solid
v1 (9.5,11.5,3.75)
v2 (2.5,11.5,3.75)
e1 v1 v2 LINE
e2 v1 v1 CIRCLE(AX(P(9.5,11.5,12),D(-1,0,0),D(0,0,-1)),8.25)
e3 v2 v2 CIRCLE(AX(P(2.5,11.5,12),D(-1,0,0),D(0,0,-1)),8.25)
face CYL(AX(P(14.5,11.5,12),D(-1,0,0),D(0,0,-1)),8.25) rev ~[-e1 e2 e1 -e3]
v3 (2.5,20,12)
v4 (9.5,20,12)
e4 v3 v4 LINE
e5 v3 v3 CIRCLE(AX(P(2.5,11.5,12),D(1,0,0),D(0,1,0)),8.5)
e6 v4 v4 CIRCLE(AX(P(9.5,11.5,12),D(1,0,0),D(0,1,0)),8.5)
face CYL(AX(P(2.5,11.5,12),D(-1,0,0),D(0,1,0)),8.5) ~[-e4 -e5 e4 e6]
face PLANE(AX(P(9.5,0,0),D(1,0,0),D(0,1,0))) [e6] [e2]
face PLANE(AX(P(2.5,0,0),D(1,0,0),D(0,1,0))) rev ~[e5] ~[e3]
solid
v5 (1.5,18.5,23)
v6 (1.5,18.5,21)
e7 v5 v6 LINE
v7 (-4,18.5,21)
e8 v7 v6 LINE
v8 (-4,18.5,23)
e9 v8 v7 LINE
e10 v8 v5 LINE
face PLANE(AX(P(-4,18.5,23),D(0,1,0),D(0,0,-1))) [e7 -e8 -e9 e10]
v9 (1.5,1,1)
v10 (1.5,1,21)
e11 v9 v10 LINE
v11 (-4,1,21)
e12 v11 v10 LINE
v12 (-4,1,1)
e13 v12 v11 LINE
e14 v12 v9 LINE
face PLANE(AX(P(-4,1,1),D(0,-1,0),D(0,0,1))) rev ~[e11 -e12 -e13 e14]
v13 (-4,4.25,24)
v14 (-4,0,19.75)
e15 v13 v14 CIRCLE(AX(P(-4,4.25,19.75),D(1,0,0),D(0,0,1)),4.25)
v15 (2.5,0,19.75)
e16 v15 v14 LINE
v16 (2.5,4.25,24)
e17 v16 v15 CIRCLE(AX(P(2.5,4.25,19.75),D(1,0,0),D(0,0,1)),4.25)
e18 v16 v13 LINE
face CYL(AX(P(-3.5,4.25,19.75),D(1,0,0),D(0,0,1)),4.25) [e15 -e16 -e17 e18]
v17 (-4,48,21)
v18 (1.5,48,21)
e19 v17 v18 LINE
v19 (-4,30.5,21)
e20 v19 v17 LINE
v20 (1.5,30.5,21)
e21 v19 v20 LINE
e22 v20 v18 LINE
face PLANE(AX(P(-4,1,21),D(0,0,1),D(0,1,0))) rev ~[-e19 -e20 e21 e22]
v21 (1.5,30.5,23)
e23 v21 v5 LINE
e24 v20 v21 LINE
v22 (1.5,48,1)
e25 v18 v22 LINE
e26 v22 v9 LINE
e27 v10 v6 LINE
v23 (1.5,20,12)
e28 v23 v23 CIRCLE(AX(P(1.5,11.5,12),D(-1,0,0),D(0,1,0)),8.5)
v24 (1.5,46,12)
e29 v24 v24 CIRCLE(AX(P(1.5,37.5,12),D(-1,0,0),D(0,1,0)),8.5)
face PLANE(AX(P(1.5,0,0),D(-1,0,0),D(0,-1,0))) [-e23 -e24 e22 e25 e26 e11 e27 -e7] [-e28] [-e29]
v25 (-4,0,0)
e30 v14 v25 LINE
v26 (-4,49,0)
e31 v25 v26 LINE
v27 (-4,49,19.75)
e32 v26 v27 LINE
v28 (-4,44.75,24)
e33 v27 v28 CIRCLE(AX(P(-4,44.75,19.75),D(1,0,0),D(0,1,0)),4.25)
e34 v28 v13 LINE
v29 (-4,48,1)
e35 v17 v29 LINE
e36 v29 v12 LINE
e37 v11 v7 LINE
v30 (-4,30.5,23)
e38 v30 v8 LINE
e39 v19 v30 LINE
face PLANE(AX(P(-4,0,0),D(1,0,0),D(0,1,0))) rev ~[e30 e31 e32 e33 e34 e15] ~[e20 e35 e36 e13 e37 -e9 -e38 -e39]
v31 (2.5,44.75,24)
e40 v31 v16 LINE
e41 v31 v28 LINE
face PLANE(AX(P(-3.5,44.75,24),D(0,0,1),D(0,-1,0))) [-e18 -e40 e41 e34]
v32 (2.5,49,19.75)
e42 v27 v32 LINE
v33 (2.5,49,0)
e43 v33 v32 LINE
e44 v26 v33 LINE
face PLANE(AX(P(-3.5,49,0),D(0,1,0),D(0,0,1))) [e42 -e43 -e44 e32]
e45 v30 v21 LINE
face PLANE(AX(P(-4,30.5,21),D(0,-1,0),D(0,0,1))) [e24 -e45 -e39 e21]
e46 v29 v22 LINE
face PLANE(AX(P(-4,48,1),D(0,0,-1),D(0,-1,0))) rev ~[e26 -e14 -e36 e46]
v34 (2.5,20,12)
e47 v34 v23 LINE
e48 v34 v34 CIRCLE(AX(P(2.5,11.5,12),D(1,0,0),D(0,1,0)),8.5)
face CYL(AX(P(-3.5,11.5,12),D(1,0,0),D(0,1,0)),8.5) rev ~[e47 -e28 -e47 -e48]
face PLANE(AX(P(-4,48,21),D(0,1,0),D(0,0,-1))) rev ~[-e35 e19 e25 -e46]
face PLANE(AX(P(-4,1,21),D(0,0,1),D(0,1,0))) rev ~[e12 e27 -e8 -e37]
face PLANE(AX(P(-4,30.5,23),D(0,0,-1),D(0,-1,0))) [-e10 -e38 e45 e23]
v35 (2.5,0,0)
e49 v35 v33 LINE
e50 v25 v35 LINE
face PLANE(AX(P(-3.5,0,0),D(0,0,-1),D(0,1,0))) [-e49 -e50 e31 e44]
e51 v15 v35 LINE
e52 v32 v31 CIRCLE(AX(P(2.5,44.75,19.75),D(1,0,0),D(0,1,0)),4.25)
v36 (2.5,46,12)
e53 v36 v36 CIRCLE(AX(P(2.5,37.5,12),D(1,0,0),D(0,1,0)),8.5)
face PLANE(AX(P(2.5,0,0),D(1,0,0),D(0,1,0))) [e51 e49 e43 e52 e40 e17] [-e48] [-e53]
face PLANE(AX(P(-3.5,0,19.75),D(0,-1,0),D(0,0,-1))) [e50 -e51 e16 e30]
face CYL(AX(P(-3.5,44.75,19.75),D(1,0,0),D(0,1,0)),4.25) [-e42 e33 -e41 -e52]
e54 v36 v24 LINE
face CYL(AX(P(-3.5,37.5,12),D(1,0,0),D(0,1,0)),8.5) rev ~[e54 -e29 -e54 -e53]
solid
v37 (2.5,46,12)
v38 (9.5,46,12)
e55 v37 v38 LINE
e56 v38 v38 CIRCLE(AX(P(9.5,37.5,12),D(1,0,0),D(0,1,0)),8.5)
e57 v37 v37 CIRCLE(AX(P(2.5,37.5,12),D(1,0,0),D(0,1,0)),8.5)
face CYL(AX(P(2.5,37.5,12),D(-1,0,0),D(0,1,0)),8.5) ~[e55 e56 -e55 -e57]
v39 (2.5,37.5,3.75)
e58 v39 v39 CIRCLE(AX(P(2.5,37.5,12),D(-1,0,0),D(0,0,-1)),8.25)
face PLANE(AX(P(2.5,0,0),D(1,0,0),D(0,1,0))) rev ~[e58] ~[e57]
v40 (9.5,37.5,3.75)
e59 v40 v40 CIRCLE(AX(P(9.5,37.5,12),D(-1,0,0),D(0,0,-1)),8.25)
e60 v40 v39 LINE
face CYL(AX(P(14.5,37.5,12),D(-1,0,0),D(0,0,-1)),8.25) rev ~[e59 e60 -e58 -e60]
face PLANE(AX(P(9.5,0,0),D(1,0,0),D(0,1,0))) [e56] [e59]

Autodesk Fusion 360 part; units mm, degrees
sketch "Sketch1" plane through (0, 0, 0) normal (1, 0, 0) x (0, 1, 0)
  line L0 (0, 0) -> (49, 0)
  line L1 (49, 0) -> (49, 19.75)
  line L2 (44.75, 24) -> (4.25, 24)
  line L3 (0, 19.75) -> (0, 0)
  arc A0 (49, 19.75) -> (44.75, 24) centre (44.75, 19.75) ccw
  arc A1 (49, 19.75) -> (44.75, 24) centre (44.75, 19.75) ccw
  arc A2 (4.25, 24) -> (0, 19.75) centre (4.25, 19.75) ccw
  circle A3 centre (11.5, 12) radius 8.5
  circle A4 centre (37.5, 12) radius 8.5
  dimension "d1" = 49
  dimension "d11" = 17
  dimension "d12" = 17
  dimension "d13" = 11.5
  dimension "d14" = 11.5
  dimension "d16" = 12
  dimension "d17" = 12
extrude "Extrude1" add sketch "Sketch1" along normal blind 2.5 makes body 1
sketch "Sketch2" plane through (2.5, 0, 0) normal (1, 0, 0) x (0, 1, 0)
  circle A0 centre (37.5, 12) radius 8.5
  circle A1 centre (11.5, 12) radius 8.5
  arc A2 (4.25, 24) -> (0, 19.75) centre (4.25, 19.75) ccw
  line L0 (0, 19.75) -> (0, 0)
  line L1 (0, 0) -> (49, 0)
  line L2 (49, 0) -> (49, 19.75)
  arc A3 (49, 19.75) -> (44.75, 24) centre (44.75, 19.75) ccw
  line L3 (44.75, 24) -> (4.25, 24)
  circle A4 centre (11.5, 12) radius 8.5
extrude "Extrude2" add sketch "Sketch2" along normal blind 12 separate body contours A1 A4 makes body 2
sketch "Sketch3" plane through (2.5, 0, 0) normal (1, 0, 0) x (0, 1, 0)
  circle A0 centre (37.5, 12) radius 8.5
  circle A1 centre (11.5, 12) radius 8.5
  arc A2 (4.25, 24) -> (0, 19.75) centre (4.25, 19.75) ccw
  line L0 (0, 19.75) -> (0, 0)
  line L1 (0, 0) -> (49, 0)
  line L2 (49, 0) -> (49, 19.75)
  arc A3 (49, 19.75) -> (44.75, 24) centre (44.75, 19.75) ccw
  line L3 (44.75, 24) -> (4.25, 24)
  circle A4 centre (37.5, 12) radius 8.5
extrude "Extrude3" add sketch "Sketch3" along normal blind 12 separate body contours A0 A4 makes body 3
hole "Hole1" at (14.5, 11.5, 12) direction (-1, 0, 0) diameter 16.5 depth 15 tip angle 118 bodies 2
hole "Hole2" at (14.5, 37.5, 12) direction (-1, 0, 0) diameter 16.5 depth 15 tip angle 118 bodies 3
extrude "Extrude4" add 1 faces at (0, 20.7971, 1.2377) along direction (-1, 0, 0) blind 3.5 on bodies 1 bodies 1
extrude "Extrude5" add 1 faces at (-3.5, 20.7971, 1.2377) along direction (-1, 0, 0) blind 0.5 on bodies 1 bodies 1
sketch "Sketch4" plane through (-4, 0, 0) normal (-1, 0, 0) x (0, -1, 0)
  circle A0 centre (-37.5, 12) radius 8.5
  circle A1 centre (-11.5, 12) radius 8.5
  arc A2 (0, 19.75) -> (-4.25, 24) centre (-4.25, 19.75) ccw
  line L0 (-4.25, 24) -> (-44.75, 24)
  arc A3 (-44.75, 24) -> (-49, 19.75) centre (-44.75, 19.75) ccw
  line L1 (-49, 19.75) -> (-49, 0)
  line L2 (-49, 0) -> (0, 0)
  line L3 (0, 0) -> (0, 19.75)
  line L4 (-48, 1) -> (-1, 1)
  line L5 (-1, 1) -> (-1, 21)
  line L6 (-1, 21) -> (-48, 21)
  line L7 (-48, 21) -> (-48, 1)
  dimension "d34" = 47
  dimension "d35" = 20
extrude "Extrude6" cut sketch "Sketch4" against normal blind 5.5 contours L4 L5 L6 L7 bodies 1
sketch "Sketch5" plane through (-4, 0, 0) normal (-1, 0, 0) x (0, -1, 0)
  line L0 (-1, 1) -> (-48, 1)
  line L1 (-48, 1) -> (-48, 21)
  line L2 (-48, 21) -> (-1, 21)
  line L3 (-1, 21) -> (-1, 1)
  arc A0 (0, 19.75) -> (-4.25, 24) centre (-4.25, 19.75) ccw
  line L4 (-4.25, 24) -> (-44.75, 24)
  arc A1 (-44.75, 24) -> (-49, 19.75) centre (-44.75, 19.75) ccw
  line L5 (-49, 19.75) -> (-49, 0)
  line L6 (-49, 0) -> (0, 0)
  line L7 (0, 0) -> (0, 19.75)
  line L8 (-30.5, 23) -> (-18.5, 23)
  line L9 (-18.5, 23) -> (-18.5, 21)
  line L10 (-18.5, 21) -> (-30.5, 21)
  line L11 (-30.5, 21) -> (-30.5, 23)
  dimension "d38" = 12
  dimension "d39" = 2
  dimension "d40" = 18.5
extrude "Extrude7" cut sketch "Sketch5" against normal blind 5.5 contours L2 L8 L9 L10 L11 bodies 1
extrude "Extrude8" cut 1 faces at (14.5, 44.9942, 8.391) along direction (-1, 0, 0) blind 5 on bodies 3 bodies 3
extrude "Extrude9" cut 1 faces at (14.5, 9.6491, 20.1094) along direction (-1, 0, 0) blind 5 on bodies 2 bodies 2
